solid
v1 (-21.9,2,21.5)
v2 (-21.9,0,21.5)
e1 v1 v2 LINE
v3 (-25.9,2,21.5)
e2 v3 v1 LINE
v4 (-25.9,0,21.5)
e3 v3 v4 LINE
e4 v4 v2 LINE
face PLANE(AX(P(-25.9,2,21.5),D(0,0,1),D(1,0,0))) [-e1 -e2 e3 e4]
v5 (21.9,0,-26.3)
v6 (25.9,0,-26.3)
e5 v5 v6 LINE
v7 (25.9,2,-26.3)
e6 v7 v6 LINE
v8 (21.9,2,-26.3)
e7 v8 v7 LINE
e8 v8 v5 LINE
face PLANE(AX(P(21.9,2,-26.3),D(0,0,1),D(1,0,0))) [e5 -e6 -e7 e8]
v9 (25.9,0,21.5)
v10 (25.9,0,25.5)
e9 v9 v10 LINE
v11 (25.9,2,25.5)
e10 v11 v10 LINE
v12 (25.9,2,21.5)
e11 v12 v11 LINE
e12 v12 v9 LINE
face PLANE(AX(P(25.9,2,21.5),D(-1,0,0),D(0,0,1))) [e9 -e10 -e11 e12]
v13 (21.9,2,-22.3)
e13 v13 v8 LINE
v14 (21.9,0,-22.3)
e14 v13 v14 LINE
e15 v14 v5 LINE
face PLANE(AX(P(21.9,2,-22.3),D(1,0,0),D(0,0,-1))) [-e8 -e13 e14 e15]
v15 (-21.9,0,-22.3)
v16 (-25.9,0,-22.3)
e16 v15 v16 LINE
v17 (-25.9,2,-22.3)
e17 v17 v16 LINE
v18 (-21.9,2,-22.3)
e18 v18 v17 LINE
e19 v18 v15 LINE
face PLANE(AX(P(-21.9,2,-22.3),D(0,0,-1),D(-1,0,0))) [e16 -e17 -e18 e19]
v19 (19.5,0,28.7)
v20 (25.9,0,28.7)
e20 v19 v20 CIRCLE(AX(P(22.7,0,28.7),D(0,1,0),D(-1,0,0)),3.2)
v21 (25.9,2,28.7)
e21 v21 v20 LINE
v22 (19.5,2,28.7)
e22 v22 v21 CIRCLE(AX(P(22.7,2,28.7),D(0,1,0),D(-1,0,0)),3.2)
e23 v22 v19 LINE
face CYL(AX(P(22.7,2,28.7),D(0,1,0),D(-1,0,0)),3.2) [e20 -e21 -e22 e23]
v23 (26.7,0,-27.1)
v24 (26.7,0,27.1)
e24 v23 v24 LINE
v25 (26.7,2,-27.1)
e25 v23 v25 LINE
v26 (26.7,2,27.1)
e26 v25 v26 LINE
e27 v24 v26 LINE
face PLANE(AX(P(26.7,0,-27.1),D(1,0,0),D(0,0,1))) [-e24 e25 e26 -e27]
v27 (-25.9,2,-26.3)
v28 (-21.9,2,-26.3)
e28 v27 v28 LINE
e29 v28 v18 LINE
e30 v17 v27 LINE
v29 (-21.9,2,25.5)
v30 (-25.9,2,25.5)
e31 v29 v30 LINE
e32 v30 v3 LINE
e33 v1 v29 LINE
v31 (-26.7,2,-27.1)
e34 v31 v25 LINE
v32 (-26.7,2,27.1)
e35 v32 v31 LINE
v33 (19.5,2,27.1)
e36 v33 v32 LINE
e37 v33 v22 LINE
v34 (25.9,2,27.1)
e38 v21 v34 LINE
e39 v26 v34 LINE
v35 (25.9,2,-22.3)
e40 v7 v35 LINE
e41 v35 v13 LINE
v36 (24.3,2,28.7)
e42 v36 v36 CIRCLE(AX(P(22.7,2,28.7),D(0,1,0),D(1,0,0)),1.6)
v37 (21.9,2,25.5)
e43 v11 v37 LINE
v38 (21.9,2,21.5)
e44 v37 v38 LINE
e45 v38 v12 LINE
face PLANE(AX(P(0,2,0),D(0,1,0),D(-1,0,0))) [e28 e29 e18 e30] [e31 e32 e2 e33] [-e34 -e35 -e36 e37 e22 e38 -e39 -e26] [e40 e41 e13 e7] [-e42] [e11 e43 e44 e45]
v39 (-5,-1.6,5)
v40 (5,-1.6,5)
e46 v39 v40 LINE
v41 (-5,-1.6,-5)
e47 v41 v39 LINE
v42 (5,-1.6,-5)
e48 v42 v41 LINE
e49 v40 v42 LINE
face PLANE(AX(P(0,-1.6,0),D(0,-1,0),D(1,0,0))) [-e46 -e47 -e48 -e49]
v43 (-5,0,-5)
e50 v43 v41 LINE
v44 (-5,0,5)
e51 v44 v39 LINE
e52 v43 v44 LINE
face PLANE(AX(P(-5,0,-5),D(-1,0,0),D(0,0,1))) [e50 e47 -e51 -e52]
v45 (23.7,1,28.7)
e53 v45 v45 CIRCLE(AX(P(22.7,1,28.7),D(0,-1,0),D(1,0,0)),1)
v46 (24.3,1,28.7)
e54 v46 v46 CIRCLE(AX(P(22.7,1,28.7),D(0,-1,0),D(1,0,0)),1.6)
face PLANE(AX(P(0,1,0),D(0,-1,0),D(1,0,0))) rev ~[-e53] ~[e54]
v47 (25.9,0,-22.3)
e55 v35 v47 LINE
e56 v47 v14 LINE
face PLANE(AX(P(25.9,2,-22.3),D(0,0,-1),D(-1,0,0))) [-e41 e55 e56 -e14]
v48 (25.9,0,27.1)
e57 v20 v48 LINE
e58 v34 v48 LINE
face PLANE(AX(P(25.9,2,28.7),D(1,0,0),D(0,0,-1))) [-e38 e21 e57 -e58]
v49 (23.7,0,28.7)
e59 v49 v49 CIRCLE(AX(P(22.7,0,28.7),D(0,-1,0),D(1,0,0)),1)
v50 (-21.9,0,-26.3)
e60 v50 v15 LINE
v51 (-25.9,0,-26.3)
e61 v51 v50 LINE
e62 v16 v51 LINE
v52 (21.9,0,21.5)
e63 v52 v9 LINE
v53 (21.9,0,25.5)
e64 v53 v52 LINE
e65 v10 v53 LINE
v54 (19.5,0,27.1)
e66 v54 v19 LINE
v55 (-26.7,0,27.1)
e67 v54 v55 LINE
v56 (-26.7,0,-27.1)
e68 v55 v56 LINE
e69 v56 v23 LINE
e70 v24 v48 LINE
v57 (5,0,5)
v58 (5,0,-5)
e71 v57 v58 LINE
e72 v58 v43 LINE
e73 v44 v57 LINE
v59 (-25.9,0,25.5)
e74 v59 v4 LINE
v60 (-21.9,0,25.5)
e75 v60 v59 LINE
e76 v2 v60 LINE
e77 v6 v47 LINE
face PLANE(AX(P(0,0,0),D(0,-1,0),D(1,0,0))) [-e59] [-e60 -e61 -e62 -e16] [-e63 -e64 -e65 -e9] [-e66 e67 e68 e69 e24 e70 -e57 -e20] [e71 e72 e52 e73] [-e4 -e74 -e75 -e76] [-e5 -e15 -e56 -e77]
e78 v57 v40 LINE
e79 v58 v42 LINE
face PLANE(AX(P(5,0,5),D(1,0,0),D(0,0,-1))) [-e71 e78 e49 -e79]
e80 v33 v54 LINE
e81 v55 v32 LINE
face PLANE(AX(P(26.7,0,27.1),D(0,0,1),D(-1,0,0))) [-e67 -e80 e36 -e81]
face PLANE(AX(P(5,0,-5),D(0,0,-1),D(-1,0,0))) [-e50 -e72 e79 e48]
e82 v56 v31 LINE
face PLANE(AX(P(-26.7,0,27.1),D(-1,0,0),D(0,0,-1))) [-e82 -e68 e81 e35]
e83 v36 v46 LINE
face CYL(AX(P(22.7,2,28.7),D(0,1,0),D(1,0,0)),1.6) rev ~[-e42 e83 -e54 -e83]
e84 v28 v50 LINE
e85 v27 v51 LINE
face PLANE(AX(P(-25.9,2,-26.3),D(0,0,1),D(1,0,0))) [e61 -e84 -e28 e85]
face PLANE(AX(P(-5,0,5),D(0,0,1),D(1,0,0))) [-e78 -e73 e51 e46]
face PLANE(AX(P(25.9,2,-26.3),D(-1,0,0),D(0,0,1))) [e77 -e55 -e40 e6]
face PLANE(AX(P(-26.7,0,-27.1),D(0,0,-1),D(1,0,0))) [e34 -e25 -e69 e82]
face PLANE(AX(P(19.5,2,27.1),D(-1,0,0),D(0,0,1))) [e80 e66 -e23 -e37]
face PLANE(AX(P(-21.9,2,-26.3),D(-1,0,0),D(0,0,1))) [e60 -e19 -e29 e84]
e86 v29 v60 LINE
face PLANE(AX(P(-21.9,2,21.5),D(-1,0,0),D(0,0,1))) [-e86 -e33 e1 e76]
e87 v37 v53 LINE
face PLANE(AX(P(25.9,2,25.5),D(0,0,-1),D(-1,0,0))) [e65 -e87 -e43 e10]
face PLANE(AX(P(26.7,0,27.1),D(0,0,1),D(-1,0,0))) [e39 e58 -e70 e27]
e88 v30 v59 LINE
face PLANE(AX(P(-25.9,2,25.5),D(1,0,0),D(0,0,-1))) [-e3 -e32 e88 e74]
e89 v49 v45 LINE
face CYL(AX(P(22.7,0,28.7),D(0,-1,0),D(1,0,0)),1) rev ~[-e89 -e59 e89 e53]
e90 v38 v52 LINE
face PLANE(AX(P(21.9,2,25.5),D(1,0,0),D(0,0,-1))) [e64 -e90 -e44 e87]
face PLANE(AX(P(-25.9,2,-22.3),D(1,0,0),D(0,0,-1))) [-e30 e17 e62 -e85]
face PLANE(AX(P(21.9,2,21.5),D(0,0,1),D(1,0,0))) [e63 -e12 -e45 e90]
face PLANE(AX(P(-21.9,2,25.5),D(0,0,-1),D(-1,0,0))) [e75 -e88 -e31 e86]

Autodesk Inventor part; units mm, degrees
ref_plane "YZ Plane" through (0, 0, 0) normal (1, 0, 0) x (0, 1, 0)
ref_plane "XZ Plane" through (0, 0, 0) normal (0, 1, 0) x (-1, 0, 0)
ref_plane "XY Plane" through (0, 0, 0) normal (0, 0, 1) x (1, 0, 0)
sketch "Szkic1" plane through (0, 0, 0) normal (0, 1, 0) x (-1, 0, 0)
  line L0 (26.7, -27.1) -> (-26.7, -27.1)
  line L1 (-26.7, -27.1) -> (-26.7, 27.1)
  line L2 (-26.7, 27.1) -> (26.7, 27.1)
  line L3 (26.7, 27.1) -> (26.7, -27.1)
  line L4 (26.7, -27.1) -> (-26.7, 27.1) construction
  line L5 (-26.7, -27.1) -> (26.7, 27.1) construction
  point P0 (0, 0)
  dimension "d0" = 53.4
  dimension "d1" = 54.2
extrude "Wyciągnięcie proste1" add sketch "Szkic1" along normal blind 2
sketch "Szkic11" plane through (0, 2, 0) normal (0, 1, 0) x (1, 0, 0)
  line L0 (-26.7, -27.1) -> (26.7, -27.1) projected
  line L1 (26.7, -27.1) -> (25.9, -27.1)
  line L2 (25.9, -27.1) -> (19.5, -27.1)
  line L3 (19.5, -27.1) -> (19.5, -28.7)
  line L4 (19.5, -28.7) -> (25.9, -28.7)
  line L5 (25.9, -28.7) -> (25.9, -27.1)
  arc A0 (19.5, -28.7) -> (25.9, -28.7) centre (22.7, -28.7) ccw
  point P0 (0, 0)
  dimension "d37" = 0.8
  dimension "d38" = 6.4
  dimension "d39" = 1.6
  dimension "d40" = 3.2
extrude "Wyciągnięcie proste10" add sketch "Szkic11" against normal blind 2
sketch "Szkic12" plane through (0, 2, 0) normal (0, 1, 0) x (1, 0, 0)
  arc A0 (19.5, -28.7) -> (25.9, -28.7) centre (22.7, -28.7) ccw projected
  circle A1 centre (22.7, -28.7) radius 1.6
  point P0 (0, 0)
  dimension "d43" = 3.2
extrude "Wyciągnięcie proste11" cut sketch "Szkic12" against normal through all
sketch "Szkic49" plane through (0, 0, 0) normal (0, -1, 0) x (1, 0, 0)
  circle A0 centre (22.7, 28.7) radius 1.6 projected
  circle A1 centre (22.7, 28.7) radius 1.6
  point P0 (0, 0)
extrude "Wyciągnięcie proste41" add sketch "Szkic49" against normal blind 1
sketch "Szkic50" plane through (0, 0, 0) normal (0, -1, 0) x (1, 0, 0)
  circle A0 centre (22.7, 28.7) radius 1.6 projected
  circle A1 centre (22.7, 28.7) radius 1
  point P0 (0, 0)
  dimension "d208" = 2
extrude "Wyciągnięcie proste42" cut sketch "Szkic50" against normal blind 10 contours A1
sketch "Szkic51" plane through (0, 0, 0) normal (0, -1, 0) x (1, 0, 0)
  line L0 (5, -5) -> (-5, -5)
  line L1 (-5, -5) -> (-5, 5)
  line L2 (-5, 5) -> (5, 5)
  line L3 (5, 5) -> (5, -5)
  line L4 (5, -5) -> (-5, 5) construction
  line L5 (-5, -5) -> (5, 5) construction
  point P0 (0, 0)
  dimension "d211" = 10
  dimension "d212" = 10
extrude "Wyciągnięcie proste43" add sketch "Szkic51" along normal blind 1.6
sketch "Szkic52" plane through (0, 2, 0) normal (0, 1, 0) x (1, 0, 0)
  line L0 (-25.9, 26.3) -> (-21.9, 26.3)
  line L1 (-21.9, 26.3) -> (-21.9, 22.3)
  line L2 (-21.9, 22.3) -> (-25.9, 22.3)
  line L3 (-25.9, 22.3) -> (-25.9, 26.3)
  line L4 (21.9, 26.3) -> (25.9, 26.3)
  line L5 (25.9, 26.3) -> (25.9, 22.3)
  line L6 (25.9, 22.3) -> (21.9, 22.3)
  line L7 (21.9, 22.3) -> (21.9, 26.3)
  line L8 (-25.9, -21.5) -> (-21.9, -21.5)
  line L9 (-21.9, -21.5) -> (-21.9, -25.5)
  line L10 (-21.9, -25.5) -> (-25.9, -25.5)
  line L11 (-25.9, -25.5) -> (-25.9, -21.5)
  line L12 (21.9, -21.5) -> (25.9, -21.5)
  line L13 (25.9, -21.5) -> (25.9, -25.5)
  line L14 (25.9, -25.5) -> (21.9, -25.5)
  line L15 (21.9, -25.5) -> (21.9, -21.5)
  line L16 (-25.9, 26.3) -> (-26.7, 26.3)
  line L17 (-25.9, -21.5) -> (-26.7, -21.5)
  line L18 (25.9, 26.3) -> (26.7, 26.3)
  line L19 (25.9, -21.5) -> (26.7, -21.5)
  line L20 (26.7, -27.1) -> (26.7, 27.1) projected
  line L21 (-26.7, 27.1) -> (-26.7, -27.1) projected
  line L22 (-25.9, 26.3) -> (-25.9, 27.1)
  line L23 (25.9, 26.3) -> (25.9, 27.1)
  line L24 (26.7, -27.1) -> (26.7, 27.1) projected
  line L25 (25.9, 26.3) -> (26.7, 26.3) construction
  line L26 (26.7, 27.1) -> (-26.7, 27.1) projected
  line L27 (-25.9, -25.5) -> (-25.9, -27.1)
  line L28 (-26.7, 27.1) -> (-26.7, -27.1) projected
  line L29 (-25.9, -25.5) -> (-24.3, -25.5) construction
  line L30 (25.9, -25.5) -> (25.9, -27.1)
  line L31 (-26.7, -27.1) -> (19.5, -27.1) projected
  point P0 (0, 0)
  dimension "d215" = 4
  dimension "d216" = 4
  dimension "d217" = 4
  dimension "d218" = 4
  dimension "d219" = 4
  dimension "d220" = 4
  dimension "d221" = 4
  dimension "d222" = 4
  dimension "d223" = 0.8
  dimension "d224" = 0.8
  dimension "d225" = 0.8
  dimension "d226" = 0.8
  dimension "d227" = 0.8
  dimension "d228" = 0.8
  dimension "d229" = 90
  dimension "d230" = 1.6
  dimension "d231" = 90
  dimension "d232" = 1.6
extrude "Wyciągnięcie proste44" cut sketch "Szkic52" against normal up to surface (2 mm away) contours L0 L1 L2 L3 | L13 L14 L15 L12 | L5 L6 L7 L4 | L8 L9 L10 L11
properties part number "PMS3003_dol"
